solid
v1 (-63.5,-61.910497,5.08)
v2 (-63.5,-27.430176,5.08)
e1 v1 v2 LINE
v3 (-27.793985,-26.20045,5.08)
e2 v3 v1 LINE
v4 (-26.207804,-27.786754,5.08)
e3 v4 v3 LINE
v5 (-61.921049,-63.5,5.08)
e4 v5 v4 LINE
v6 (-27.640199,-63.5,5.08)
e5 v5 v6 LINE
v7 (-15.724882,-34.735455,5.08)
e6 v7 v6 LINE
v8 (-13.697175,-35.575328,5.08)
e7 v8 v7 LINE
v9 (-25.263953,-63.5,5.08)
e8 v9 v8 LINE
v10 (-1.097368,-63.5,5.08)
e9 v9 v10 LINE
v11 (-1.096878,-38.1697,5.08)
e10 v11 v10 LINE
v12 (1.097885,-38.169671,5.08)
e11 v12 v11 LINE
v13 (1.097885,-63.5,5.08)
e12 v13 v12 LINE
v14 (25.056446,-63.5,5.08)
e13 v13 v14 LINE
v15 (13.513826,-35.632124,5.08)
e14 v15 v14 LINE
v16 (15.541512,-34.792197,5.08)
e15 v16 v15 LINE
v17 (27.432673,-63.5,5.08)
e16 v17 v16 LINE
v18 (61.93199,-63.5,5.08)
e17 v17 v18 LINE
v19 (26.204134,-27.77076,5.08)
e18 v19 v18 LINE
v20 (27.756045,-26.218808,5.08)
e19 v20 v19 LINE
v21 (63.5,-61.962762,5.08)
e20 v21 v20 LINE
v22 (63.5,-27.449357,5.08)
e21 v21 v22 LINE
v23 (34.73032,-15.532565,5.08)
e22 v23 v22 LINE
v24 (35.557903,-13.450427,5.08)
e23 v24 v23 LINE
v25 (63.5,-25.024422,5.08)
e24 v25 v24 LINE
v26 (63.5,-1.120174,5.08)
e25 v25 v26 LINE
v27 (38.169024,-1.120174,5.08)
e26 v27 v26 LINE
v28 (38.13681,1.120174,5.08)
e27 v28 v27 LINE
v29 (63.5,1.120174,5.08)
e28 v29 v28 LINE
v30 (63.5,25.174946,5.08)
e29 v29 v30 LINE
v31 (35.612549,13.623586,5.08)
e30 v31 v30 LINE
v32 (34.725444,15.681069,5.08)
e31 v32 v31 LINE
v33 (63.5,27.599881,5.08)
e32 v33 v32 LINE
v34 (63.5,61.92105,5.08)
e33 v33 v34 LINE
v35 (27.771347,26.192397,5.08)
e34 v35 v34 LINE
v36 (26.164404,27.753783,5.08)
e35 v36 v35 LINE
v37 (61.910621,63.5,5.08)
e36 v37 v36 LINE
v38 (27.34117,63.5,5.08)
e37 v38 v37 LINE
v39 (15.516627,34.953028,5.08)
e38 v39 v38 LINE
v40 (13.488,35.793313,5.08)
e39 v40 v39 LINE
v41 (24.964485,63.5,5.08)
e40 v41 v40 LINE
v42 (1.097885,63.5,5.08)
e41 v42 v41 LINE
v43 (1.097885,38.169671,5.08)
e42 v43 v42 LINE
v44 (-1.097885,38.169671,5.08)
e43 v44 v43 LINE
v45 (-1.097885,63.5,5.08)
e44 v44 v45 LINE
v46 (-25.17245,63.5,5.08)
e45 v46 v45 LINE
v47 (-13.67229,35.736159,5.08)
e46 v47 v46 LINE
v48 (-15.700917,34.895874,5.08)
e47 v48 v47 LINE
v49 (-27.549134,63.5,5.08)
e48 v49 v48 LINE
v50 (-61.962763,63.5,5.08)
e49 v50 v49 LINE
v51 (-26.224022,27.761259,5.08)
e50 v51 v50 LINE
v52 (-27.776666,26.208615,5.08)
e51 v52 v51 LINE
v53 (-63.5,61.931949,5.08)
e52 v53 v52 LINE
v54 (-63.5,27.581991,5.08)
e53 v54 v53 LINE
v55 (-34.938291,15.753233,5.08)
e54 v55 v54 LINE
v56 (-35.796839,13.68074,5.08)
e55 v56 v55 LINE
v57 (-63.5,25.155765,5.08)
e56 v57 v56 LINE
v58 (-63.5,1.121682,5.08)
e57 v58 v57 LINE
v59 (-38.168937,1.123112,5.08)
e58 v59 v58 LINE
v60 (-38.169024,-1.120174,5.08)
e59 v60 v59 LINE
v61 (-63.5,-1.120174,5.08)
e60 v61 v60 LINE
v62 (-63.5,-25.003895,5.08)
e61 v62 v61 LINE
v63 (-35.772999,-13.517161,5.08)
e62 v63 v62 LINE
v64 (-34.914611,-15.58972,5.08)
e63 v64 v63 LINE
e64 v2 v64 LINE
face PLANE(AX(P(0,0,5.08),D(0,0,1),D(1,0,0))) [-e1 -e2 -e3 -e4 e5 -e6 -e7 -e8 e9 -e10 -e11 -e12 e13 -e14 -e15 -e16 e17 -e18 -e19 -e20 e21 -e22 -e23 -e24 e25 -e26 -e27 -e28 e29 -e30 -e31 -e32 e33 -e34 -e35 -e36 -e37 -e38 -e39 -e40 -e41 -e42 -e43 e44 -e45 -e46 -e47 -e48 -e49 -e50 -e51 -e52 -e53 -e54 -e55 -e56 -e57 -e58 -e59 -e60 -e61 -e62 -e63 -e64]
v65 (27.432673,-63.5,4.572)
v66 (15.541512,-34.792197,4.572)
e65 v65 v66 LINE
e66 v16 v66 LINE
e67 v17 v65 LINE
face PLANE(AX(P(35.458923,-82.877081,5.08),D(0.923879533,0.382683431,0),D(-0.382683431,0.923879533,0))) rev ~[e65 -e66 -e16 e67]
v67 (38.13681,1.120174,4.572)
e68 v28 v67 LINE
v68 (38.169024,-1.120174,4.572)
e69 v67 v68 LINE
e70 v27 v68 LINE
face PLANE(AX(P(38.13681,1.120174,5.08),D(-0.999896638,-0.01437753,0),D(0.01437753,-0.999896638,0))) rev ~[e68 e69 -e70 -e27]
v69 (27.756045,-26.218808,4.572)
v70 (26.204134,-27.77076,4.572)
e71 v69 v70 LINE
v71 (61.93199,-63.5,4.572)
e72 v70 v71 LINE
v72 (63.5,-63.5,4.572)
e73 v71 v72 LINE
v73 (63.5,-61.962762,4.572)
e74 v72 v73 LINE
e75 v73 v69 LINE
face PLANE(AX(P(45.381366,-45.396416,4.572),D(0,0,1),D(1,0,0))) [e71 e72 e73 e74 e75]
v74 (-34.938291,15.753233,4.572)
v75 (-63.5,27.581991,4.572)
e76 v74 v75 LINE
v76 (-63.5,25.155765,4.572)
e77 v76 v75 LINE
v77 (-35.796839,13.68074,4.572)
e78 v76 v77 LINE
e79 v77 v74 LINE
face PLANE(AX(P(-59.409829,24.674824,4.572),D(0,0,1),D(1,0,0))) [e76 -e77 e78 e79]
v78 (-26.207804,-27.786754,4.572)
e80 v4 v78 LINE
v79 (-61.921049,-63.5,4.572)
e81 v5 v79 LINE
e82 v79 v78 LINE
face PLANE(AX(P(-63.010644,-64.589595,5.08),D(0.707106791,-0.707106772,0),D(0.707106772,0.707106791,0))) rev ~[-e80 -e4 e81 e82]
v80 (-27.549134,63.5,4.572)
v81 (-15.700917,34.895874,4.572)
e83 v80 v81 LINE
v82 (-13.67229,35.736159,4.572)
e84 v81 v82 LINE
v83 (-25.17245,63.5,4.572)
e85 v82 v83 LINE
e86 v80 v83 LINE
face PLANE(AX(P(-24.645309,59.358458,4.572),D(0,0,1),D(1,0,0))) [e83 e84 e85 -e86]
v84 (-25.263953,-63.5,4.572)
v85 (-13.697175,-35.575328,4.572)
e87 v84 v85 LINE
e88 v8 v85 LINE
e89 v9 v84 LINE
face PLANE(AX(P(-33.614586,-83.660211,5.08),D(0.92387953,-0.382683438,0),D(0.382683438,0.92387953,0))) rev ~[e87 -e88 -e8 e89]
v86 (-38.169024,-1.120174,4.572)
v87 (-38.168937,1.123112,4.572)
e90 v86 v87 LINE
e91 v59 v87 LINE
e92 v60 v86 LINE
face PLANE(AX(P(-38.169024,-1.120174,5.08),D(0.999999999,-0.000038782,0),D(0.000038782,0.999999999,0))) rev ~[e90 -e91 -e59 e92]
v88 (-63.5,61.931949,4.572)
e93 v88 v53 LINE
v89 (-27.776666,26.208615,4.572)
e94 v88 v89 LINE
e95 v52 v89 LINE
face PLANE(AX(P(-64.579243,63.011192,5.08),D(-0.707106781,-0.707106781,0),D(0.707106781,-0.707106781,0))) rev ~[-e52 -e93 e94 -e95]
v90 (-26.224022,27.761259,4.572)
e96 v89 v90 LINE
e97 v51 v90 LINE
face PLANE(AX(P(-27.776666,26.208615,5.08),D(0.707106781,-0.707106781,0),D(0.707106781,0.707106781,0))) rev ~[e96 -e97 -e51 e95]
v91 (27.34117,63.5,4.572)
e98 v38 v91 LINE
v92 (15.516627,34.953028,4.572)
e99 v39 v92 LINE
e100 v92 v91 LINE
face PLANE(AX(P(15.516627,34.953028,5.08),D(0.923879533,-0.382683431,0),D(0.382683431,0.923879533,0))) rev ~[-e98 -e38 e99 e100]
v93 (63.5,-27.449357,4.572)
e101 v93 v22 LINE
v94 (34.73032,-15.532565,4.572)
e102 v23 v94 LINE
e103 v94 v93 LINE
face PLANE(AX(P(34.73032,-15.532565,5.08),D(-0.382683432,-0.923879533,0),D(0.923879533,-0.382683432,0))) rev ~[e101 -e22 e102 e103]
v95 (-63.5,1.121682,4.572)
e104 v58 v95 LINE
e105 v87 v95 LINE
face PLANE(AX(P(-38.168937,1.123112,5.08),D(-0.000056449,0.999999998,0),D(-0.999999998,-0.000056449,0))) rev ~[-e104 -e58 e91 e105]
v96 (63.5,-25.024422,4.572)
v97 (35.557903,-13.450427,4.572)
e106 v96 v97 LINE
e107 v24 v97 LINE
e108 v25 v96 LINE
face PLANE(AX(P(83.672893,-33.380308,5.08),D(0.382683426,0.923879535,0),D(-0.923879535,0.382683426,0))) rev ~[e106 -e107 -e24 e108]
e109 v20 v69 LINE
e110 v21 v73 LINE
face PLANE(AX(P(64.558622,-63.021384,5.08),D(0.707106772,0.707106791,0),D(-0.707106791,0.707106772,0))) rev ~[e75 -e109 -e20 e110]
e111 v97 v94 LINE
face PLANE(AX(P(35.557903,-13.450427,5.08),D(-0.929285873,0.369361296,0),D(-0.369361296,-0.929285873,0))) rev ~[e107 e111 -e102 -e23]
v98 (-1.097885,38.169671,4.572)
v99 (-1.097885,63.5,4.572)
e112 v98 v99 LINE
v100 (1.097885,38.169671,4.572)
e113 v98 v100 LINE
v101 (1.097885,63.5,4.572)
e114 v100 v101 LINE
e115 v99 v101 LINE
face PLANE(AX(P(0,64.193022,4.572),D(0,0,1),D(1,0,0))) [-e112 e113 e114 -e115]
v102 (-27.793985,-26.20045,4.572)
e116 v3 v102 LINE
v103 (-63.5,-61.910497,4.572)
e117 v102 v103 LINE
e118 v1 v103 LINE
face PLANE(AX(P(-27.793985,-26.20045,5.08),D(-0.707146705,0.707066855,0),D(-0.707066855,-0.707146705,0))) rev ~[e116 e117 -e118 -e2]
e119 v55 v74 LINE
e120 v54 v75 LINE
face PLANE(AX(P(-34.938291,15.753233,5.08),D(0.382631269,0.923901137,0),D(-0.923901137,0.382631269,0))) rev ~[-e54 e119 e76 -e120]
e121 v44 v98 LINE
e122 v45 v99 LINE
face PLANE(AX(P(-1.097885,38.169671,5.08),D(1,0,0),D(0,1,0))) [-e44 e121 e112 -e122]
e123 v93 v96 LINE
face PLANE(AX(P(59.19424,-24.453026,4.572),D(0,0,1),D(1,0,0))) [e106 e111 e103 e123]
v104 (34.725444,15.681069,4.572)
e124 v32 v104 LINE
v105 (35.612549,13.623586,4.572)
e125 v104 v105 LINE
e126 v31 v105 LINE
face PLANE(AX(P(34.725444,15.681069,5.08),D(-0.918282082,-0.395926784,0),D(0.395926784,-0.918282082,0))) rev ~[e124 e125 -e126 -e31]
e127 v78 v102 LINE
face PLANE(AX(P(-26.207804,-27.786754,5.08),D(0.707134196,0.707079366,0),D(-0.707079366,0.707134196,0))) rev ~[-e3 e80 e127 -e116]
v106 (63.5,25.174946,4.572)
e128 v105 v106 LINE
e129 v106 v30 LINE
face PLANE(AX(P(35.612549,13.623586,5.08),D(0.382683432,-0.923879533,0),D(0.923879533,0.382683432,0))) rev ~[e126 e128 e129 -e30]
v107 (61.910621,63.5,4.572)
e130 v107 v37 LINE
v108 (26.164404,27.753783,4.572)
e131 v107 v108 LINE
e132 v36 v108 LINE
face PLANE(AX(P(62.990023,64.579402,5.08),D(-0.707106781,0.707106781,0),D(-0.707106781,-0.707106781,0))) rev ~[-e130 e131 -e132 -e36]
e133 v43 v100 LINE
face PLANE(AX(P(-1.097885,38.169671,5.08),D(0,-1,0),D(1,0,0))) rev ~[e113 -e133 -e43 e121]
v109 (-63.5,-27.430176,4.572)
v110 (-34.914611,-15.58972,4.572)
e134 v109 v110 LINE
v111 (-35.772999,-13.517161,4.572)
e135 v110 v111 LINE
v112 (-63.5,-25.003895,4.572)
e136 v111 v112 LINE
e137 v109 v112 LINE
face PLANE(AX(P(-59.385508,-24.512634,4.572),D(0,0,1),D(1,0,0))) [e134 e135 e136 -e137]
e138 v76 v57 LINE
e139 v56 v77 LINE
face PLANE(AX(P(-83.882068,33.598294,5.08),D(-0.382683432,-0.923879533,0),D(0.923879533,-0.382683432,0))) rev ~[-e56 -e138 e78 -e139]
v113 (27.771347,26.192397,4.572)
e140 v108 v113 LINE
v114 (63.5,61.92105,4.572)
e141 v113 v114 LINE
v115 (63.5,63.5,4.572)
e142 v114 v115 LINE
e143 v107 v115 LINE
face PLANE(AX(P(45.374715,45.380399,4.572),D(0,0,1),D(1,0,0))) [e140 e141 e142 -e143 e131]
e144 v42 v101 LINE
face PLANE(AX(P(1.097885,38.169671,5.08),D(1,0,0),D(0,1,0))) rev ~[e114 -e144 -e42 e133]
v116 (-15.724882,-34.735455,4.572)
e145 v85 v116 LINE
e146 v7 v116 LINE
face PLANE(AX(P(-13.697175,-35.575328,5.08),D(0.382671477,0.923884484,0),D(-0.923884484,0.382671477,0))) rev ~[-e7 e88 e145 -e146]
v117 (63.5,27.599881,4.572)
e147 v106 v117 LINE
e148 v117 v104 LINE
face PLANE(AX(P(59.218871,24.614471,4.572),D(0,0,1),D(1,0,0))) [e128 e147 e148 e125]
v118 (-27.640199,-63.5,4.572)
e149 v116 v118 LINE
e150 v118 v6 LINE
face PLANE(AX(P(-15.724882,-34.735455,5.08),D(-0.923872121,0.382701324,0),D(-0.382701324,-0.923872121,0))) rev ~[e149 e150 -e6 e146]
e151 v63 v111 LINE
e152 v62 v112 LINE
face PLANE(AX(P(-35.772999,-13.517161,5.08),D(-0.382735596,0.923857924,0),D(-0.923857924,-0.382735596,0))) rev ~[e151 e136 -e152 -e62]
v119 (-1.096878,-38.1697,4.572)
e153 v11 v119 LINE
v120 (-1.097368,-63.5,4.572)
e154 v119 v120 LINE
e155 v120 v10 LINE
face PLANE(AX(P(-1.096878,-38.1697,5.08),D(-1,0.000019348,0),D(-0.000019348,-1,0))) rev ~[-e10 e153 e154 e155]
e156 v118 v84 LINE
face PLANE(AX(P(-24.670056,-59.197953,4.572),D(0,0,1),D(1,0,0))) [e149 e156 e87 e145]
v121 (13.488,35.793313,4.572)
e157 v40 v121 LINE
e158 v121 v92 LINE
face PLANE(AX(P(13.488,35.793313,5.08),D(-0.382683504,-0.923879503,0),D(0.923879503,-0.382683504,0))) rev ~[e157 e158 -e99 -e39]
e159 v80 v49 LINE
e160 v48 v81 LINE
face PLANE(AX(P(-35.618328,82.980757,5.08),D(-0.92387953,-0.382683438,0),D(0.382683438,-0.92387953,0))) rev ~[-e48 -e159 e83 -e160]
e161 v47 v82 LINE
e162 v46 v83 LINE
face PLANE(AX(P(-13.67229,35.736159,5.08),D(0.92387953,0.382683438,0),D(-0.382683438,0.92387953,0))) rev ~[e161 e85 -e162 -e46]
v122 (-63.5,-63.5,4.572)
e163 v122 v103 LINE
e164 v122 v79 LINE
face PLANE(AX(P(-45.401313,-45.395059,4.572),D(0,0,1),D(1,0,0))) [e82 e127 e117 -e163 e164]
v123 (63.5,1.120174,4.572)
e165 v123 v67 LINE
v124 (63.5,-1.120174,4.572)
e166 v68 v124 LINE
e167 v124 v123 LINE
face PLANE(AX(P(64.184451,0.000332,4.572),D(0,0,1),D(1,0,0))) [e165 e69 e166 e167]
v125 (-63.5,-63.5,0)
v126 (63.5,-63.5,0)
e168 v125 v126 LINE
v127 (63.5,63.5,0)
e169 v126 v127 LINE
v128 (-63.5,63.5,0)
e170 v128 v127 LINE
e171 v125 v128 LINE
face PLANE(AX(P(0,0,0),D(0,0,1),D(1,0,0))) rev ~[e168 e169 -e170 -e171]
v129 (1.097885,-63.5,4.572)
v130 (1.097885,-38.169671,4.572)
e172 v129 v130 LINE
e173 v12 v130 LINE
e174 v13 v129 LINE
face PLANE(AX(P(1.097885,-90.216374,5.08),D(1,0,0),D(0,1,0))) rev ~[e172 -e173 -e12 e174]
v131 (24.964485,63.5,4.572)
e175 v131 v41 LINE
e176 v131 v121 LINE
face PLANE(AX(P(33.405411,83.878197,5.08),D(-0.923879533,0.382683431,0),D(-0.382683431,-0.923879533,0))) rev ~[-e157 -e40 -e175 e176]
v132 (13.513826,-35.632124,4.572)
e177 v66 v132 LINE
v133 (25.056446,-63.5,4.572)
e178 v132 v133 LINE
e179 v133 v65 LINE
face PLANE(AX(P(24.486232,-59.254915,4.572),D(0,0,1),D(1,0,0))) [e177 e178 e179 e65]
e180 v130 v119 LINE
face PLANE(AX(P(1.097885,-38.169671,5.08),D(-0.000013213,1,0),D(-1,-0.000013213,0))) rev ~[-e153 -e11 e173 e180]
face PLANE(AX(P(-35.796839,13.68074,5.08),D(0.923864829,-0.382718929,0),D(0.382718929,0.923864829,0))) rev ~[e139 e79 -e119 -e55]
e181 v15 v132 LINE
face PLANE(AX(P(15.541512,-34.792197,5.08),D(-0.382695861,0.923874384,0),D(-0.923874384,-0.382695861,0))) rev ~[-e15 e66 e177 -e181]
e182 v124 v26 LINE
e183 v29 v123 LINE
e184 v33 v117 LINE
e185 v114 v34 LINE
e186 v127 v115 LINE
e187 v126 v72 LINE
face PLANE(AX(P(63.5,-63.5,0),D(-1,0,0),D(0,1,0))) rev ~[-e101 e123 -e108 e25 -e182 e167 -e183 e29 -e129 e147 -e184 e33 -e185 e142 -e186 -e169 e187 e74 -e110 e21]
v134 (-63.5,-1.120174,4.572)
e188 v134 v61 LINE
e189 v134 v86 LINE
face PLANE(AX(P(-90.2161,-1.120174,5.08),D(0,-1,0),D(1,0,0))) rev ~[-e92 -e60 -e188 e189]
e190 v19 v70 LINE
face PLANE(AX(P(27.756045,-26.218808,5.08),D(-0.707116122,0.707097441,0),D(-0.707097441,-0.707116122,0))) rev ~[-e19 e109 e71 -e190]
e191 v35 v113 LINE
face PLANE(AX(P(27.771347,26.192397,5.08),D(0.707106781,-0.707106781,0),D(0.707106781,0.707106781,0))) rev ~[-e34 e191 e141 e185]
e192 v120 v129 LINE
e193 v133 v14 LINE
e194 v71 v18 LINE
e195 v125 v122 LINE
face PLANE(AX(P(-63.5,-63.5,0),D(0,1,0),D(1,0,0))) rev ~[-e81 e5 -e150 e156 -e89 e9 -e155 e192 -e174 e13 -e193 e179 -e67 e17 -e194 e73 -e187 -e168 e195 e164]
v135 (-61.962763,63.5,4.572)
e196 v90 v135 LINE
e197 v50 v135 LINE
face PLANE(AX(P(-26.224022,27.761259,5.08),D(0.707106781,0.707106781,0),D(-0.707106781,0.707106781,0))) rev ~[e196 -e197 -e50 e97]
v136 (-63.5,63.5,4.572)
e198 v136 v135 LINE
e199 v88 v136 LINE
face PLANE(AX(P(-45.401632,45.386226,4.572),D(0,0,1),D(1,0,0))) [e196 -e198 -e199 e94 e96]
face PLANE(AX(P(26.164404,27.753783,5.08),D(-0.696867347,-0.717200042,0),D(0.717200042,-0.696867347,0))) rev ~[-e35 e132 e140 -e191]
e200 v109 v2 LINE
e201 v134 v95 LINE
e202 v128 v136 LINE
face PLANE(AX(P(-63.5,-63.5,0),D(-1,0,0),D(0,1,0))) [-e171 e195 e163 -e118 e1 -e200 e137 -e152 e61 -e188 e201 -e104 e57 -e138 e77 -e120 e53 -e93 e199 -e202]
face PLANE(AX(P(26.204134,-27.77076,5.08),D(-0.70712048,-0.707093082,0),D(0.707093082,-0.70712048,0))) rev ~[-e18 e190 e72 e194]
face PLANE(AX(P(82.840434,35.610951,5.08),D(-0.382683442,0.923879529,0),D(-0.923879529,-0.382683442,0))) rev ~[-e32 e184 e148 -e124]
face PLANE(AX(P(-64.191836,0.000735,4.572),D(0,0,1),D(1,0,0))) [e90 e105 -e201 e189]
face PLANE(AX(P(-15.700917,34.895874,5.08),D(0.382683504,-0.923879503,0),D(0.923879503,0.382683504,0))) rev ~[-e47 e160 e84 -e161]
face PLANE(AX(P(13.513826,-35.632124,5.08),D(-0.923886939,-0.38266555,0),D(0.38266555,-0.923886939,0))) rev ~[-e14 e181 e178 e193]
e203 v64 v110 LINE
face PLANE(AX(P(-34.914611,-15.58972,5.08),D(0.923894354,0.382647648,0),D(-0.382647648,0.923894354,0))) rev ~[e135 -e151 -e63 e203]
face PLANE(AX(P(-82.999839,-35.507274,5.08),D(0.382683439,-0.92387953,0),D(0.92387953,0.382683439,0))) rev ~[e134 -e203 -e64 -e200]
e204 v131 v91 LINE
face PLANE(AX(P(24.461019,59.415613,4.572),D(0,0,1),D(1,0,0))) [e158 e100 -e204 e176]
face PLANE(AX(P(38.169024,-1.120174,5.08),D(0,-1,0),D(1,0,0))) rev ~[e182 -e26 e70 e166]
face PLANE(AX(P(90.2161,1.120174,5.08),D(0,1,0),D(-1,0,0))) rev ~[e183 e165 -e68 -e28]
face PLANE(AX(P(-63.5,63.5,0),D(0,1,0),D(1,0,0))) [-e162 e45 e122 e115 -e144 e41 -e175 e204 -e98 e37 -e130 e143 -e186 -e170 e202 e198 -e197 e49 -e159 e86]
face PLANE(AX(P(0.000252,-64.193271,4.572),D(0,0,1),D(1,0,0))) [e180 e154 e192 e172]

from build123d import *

# Parameters (mm, degrees)
F0_W     = 127
F0_H     = 127
F1_DEPTH = 5.08
F2_W     = 2.19577
F2_H     = 52.046703
F3_DEPTH = 0.508


with BuildPart() as f1:
    # F0 (on Top) → F1 (new body)
    with BuildSketch(Plane.XY):
        Rectangle(F0_W, F0_H)
    extrude(amount=F1_DEPTH)

    # F2 (on face) → F3 (cut)
    with BuildSketch(Plane.XY.offset(5.08)):
        Polygon((38.169024, -1.120174), (90.2161, -1.120174), (90.2161, 1.120174), (38.13681, 1.120174), align=None)
        Polygon((-1.096878, -38.1697), (-1.097885, -90.216374), (1.097885, -90.216374), (1.097885, -38.169671), align=None)
        with Locations((0, 64.193022)):
            Rectangle(F2_W, F2_H)
        Polygon((-38.168937, 1.123112), (-90.2161, 1.120174), (-90.2161, -1.120174), (-38.169024, -1.120174), align=None)
        Polygon((27.771347, 26.192397), (64.574188, 62.995238), (62.990023, 64.579402), (26.164404, 27.753783), align=None)
        Polygon((26.204134, -27.77076), (63.005977, -64.574029), (64.558622, -63.021384), (27.756045, -26.218808), align=None)
        Polygon((-63.026599, 64.563836), (-64.579243, 63.011192), (-27.776666, 26.208615), (-26.224022, 27.761259), align=None)
        Polygon((-27.793985, -26.20045), (-64.594809, -63.00543), (-63.010644, -64.589595), (-26.207804, -27.786754), align=None)
        Polygon((35.612549, 13.623586), (83.697778, 33.54114), (82.840434, 35.610951), (34.725444, 15.681069), align=None)
        Polygon((13.513826, -35.632124), (33.430295, -83.717366), (35.458923, -82.877081), (15.541512, -34.792197), align=None)
        Polygon((-33.589701, 83.821042), (-35.618328, 82.980757), (-15.700917, 34.895874), (-13.67229, 35.736159), align=None)
        Polygon((-35.772999, -13.517161), (-83.857183, -33.437463), (-82.999839, -35.507274), (-34.914611, -15.58972), align=None)
        Polygon((34.73032, -15.532565), (82.815549, -35.450119), (83.672893, -33.380308), (35.557903, -13.450427), align=None)
        Polygon((-15.724882, -34.735455), (-35.643213, -82.819926), (-33.614586, -83.660211), (-13.697175, -35.575328), align=None)
        Polygon((35.434038, 83.037912), (33.405411, 83.878197), (13.488, 35.793313), (15.516627, 34.953028), align=None)
        Polygon((-34.938291, 15.753233), (-83.024724, 35.668105), (-83.882068, 33.598294), (-35.796839, 13.68074), align=None)
    extrude(amount=-F3_DEPTH, mode=Mode.SUBTRACT)


solid = f1.part
